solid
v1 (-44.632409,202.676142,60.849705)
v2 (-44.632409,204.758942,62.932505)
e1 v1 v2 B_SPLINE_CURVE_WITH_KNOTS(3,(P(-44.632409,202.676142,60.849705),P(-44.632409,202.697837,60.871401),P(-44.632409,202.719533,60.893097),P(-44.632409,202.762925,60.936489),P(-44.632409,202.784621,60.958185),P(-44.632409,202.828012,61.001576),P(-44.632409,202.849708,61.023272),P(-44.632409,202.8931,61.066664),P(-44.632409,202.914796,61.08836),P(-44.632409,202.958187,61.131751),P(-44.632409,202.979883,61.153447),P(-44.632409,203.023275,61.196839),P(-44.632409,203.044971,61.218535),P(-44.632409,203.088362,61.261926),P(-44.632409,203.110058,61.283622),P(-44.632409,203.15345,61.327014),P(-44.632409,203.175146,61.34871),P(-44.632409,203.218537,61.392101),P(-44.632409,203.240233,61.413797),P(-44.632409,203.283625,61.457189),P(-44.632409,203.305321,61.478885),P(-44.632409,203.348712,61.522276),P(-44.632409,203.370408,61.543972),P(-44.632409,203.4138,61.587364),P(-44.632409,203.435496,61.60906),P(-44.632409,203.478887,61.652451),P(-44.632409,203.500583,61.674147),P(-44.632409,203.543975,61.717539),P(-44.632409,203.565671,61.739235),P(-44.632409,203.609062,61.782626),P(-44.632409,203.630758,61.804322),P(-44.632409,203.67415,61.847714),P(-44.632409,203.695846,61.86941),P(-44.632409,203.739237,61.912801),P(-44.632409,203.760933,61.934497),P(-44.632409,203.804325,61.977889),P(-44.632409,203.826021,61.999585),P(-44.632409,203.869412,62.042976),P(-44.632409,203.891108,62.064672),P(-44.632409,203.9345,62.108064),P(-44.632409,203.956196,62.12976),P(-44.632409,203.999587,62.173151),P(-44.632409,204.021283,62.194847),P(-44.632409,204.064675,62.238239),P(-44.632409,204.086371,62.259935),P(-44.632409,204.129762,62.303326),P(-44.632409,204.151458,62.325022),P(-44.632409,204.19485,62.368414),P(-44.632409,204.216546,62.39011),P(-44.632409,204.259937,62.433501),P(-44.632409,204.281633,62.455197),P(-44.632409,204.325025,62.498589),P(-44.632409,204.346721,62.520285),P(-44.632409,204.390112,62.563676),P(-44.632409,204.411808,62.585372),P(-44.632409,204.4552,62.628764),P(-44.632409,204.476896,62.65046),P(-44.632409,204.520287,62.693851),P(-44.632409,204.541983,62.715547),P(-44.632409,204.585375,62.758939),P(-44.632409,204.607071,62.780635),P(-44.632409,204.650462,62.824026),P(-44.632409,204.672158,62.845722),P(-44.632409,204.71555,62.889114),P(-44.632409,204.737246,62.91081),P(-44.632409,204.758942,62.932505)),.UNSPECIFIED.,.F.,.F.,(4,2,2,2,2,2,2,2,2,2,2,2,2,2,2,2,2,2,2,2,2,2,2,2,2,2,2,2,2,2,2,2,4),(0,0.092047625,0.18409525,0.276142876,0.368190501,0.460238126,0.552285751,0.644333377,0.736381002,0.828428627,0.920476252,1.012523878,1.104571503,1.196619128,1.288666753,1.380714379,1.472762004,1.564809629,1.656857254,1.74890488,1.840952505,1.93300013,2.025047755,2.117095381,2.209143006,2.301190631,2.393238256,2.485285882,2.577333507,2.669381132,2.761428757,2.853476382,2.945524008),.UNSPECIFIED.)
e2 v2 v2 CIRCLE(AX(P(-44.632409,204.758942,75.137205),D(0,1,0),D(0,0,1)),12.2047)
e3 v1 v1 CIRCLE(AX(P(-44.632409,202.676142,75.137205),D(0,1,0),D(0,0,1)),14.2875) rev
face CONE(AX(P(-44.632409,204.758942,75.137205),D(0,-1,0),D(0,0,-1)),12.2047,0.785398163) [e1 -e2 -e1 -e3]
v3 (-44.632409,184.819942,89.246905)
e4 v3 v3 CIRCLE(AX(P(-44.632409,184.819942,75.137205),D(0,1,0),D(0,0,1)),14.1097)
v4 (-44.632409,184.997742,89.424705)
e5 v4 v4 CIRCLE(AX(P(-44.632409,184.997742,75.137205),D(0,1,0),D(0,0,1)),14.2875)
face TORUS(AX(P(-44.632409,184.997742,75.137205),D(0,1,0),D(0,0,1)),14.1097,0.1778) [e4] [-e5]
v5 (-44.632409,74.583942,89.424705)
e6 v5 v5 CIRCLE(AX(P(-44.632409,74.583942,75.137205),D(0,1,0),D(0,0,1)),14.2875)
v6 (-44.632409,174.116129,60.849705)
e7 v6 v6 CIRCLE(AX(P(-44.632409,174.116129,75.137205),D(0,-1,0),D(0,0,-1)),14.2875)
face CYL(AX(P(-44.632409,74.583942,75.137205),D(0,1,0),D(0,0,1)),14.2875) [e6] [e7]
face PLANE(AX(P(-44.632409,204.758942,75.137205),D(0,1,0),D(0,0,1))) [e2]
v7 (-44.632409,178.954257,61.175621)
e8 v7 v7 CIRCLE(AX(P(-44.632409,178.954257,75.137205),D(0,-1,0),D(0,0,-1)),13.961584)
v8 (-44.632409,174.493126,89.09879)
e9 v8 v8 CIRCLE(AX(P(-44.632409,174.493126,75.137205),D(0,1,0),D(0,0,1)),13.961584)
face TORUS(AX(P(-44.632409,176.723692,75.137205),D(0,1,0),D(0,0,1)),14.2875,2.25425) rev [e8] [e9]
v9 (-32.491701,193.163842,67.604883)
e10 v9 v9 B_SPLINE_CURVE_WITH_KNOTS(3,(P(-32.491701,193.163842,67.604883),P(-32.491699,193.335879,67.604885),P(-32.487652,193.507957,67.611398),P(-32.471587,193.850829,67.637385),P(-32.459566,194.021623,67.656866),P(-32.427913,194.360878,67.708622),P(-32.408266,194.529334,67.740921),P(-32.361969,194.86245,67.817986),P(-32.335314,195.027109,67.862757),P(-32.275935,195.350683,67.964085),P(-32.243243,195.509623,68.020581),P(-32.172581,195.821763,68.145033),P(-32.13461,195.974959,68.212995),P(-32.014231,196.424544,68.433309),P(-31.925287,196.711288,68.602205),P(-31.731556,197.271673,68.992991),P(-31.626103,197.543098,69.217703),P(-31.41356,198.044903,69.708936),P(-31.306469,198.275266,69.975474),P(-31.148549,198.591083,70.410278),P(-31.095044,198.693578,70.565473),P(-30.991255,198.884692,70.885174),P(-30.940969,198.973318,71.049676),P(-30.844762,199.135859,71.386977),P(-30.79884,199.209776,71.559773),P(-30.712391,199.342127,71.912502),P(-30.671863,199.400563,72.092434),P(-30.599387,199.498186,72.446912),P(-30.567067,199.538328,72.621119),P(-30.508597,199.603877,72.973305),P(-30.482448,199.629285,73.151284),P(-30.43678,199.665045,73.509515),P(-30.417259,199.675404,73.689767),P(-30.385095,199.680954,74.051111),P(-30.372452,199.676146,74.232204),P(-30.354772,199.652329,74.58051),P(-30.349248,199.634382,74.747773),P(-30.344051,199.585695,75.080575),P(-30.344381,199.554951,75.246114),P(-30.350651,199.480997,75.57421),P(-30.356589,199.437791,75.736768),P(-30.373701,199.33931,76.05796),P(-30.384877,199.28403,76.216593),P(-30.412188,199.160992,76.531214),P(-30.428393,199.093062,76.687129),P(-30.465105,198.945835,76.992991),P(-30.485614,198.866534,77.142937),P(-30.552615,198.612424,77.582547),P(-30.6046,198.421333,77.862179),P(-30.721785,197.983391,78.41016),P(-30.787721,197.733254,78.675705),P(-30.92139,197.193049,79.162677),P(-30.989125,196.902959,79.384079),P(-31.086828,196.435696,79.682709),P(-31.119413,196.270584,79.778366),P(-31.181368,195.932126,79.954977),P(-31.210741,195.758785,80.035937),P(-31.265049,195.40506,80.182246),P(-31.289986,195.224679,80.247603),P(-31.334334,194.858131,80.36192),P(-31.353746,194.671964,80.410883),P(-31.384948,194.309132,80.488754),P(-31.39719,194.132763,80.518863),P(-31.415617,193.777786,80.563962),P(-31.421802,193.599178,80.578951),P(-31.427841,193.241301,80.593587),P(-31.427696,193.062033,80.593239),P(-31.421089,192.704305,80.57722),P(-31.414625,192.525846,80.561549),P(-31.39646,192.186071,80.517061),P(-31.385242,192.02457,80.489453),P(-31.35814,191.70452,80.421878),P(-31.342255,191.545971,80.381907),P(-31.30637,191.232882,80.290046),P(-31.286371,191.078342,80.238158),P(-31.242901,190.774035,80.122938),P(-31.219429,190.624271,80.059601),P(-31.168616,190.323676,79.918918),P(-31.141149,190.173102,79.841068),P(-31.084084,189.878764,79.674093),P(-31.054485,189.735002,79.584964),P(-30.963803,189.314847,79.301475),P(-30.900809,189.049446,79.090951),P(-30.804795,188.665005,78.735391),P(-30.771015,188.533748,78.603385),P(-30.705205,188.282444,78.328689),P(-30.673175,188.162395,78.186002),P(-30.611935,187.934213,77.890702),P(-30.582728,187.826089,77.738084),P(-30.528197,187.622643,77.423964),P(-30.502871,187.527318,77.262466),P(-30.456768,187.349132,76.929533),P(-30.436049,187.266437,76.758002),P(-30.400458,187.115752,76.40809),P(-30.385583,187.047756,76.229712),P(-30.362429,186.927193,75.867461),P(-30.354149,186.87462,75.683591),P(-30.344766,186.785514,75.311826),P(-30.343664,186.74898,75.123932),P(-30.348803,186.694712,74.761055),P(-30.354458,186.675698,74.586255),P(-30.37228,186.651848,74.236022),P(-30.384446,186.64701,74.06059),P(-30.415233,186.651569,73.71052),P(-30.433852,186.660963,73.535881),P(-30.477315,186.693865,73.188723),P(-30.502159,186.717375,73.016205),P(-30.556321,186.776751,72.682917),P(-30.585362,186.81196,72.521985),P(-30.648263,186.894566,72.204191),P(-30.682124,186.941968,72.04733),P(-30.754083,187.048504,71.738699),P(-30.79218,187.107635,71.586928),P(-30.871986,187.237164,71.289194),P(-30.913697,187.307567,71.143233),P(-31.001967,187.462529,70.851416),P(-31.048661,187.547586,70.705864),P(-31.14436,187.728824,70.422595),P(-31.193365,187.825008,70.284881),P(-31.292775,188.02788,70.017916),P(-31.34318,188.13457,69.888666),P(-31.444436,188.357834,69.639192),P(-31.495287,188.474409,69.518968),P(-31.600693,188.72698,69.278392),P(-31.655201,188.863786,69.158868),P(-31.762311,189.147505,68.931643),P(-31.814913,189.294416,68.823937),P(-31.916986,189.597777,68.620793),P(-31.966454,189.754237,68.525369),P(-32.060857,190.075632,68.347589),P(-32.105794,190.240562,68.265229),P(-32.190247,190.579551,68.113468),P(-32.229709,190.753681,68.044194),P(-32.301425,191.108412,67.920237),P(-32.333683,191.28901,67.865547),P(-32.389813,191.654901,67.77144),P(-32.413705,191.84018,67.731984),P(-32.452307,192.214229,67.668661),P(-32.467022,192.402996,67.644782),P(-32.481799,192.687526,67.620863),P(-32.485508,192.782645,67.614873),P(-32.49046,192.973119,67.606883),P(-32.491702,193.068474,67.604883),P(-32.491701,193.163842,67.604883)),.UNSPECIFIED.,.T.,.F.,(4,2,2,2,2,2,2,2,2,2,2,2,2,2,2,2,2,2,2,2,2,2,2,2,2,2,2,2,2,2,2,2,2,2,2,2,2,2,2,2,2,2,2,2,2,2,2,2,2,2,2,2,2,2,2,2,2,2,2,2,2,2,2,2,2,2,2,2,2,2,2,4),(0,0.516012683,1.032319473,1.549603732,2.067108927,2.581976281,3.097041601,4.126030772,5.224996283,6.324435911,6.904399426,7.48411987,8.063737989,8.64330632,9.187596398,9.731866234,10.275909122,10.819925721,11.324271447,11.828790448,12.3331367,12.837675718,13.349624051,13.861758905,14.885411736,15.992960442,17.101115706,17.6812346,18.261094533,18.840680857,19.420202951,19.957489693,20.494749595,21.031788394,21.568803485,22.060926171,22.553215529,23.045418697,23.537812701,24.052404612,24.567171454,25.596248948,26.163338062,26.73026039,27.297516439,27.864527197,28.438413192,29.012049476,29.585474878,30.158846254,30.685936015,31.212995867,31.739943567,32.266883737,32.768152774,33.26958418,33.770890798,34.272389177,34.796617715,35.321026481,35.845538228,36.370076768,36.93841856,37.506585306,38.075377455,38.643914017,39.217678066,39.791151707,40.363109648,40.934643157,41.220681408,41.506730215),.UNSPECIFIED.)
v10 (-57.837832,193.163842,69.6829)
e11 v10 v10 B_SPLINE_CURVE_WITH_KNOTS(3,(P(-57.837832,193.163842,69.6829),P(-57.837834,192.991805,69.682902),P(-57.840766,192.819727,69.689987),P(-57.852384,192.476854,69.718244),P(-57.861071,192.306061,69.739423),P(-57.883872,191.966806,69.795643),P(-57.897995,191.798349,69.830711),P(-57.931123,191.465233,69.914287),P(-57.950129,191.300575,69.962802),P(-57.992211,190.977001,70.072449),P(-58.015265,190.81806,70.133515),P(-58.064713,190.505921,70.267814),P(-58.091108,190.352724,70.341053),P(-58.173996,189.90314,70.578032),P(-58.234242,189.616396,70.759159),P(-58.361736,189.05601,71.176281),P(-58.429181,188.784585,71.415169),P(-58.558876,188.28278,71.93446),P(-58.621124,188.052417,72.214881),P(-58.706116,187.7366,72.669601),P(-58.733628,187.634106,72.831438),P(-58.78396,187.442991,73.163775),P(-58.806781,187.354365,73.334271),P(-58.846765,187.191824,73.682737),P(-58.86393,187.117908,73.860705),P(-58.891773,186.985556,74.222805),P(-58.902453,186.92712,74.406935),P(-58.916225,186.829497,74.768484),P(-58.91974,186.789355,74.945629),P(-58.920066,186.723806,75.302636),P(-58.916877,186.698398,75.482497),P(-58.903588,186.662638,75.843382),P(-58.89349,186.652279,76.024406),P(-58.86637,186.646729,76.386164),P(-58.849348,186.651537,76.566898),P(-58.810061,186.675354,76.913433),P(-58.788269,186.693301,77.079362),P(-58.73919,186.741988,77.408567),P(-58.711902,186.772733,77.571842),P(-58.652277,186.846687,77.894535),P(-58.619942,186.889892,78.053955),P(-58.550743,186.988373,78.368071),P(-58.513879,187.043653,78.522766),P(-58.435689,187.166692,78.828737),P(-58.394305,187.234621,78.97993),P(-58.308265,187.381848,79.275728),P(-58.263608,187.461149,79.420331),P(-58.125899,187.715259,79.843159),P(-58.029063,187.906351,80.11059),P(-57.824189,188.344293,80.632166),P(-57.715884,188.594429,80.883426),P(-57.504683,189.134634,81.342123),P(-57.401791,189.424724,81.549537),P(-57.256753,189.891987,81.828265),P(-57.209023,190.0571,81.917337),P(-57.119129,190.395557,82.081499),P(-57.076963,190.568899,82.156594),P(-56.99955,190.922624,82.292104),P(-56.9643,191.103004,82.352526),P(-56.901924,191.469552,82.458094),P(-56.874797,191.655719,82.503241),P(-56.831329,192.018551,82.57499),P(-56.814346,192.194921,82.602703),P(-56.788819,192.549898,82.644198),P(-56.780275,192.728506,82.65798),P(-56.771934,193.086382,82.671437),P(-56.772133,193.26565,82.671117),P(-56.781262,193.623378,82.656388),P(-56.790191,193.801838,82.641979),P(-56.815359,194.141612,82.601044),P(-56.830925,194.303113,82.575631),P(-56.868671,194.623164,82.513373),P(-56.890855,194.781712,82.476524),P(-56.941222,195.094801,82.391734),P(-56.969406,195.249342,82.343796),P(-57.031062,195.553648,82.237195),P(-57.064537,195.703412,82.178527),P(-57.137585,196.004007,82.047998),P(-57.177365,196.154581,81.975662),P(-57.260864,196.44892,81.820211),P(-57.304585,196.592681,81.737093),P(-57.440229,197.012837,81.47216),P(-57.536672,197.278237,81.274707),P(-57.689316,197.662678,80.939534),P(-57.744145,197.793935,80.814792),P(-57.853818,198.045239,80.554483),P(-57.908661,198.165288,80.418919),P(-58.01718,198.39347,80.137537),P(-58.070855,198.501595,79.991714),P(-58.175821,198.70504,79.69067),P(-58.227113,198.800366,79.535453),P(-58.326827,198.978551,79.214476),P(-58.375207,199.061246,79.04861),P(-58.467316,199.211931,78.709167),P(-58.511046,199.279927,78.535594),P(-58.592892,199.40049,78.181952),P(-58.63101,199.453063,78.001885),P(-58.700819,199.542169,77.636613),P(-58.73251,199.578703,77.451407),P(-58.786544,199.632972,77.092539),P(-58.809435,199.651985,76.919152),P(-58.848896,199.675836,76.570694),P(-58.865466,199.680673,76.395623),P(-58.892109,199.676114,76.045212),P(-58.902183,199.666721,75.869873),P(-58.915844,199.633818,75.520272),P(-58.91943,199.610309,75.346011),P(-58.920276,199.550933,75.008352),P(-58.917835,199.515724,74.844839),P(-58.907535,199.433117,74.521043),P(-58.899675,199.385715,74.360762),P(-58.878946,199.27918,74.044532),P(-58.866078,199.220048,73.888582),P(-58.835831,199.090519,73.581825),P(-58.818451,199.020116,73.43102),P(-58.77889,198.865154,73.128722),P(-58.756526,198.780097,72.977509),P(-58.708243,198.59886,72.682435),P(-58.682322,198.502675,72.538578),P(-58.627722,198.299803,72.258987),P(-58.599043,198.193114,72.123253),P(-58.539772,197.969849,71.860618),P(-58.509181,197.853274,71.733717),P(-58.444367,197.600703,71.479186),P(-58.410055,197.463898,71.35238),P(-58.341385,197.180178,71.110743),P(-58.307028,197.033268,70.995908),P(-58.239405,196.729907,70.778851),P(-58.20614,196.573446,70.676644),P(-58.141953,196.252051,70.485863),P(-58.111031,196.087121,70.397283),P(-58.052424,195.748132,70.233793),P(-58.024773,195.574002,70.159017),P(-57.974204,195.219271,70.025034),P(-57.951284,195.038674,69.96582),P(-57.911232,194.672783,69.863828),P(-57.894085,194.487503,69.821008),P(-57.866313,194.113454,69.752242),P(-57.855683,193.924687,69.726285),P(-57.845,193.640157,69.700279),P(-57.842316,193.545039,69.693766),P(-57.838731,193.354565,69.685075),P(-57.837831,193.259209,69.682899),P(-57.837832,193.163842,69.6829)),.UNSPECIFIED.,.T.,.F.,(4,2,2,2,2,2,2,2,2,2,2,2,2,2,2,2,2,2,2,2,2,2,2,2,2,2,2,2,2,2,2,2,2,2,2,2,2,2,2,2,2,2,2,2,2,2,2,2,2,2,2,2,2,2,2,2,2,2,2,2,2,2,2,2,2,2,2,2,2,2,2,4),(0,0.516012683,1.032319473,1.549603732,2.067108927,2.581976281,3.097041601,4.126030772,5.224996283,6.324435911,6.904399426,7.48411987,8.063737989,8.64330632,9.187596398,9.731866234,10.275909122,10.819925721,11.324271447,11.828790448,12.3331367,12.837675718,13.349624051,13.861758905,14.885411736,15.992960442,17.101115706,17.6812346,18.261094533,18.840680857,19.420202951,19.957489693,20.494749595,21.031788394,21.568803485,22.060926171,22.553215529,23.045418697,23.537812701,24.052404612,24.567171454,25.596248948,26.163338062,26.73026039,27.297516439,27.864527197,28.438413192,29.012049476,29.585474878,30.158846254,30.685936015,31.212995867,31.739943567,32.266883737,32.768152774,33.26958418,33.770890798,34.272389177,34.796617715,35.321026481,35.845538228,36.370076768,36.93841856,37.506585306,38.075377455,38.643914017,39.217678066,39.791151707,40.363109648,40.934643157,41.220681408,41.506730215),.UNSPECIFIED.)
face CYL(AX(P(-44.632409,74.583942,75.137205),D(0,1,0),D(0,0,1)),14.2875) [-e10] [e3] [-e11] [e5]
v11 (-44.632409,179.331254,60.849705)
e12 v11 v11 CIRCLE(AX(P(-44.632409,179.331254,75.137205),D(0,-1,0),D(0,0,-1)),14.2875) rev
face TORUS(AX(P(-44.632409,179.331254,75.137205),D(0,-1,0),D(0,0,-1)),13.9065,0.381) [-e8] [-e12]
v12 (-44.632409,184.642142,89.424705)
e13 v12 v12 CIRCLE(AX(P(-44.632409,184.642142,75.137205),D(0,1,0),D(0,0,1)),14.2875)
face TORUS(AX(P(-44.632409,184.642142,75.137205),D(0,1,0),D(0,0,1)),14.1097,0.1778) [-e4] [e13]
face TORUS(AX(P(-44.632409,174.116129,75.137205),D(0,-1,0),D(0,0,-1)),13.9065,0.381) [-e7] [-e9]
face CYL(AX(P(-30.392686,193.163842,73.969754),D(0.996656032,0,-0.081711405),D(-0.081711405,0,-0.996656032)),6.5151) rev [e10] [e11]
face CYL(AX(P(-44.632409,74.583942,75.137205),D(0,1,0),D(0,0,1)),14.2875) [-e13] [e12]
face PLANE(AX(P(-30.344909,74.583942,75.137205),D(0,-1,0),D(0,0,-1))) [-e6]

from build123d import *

# Parameters (mm, degrees)
M12_CLEARANCE_HOLE1_D     = 13.0302
M12_CLEARANCE_HOLE1_DEPTH = 29.694674762
CHAMFER2_SIZE             = 2.0828
FILLET1_R                 = 0.381


with BuildPart() as part:
    # Sketch1 → Revolve1 (revolve)
    with BuildSketch(Plane(origin=(0, 0, 75.137205399), x_dir=(-1, 0, 0), z_dir=(0, 0, -1)), mode=Mode.PRIVATE) as revolve1_sk:
        with BuildLine():
            Line((30.344908621, 74.583941634), (44.632408621, 74.583941634))
            Line((44.632408621, 74.583941634), (44.632408621, 204.758941634))
            Line((44.632408621, 204.758941634), (30.344908621, 204.758941634))
            Line((30.344908621, 204.758941634), (30.344908621, 184.997741634))
            ThreePointArc((30.344908621, 184.997741634), (30.396985036, 184.872018048), (30.522708621, 184.819941634))
            ThreePointArc((30.522708621, 184.819941634), (30.396985036, 184.767865219), (30.344908621, 184.642141634))
            Line((30.344908621, 184.642141634), (30.344908621, 178.977941634))
            ThreePointArc((30.344908621, 178.977941634), (32.599158621, 176.723691634), (30.344908621, 174.469441634))
            Line((30.344908621, 174.469441634), (30.344908621, 74.583941634))
        make_face()
    revolve(revolve1_sk.sketch.rotate(Axis((-44.632408621, 74.583941634, 75.137205399), (0, 1, 0)), 270), axis=Axis((-44.632408621, 74.583941634, 75.137205399), (0, 1, 0)))

    # M12 Clearance Hole1
    with Locations(Plane(origin=(-30.392685563, 193.163841634, 73.969753695), x_dir=(0.081711405341, 0, 0.996656032058), z_dir=(0.996656032058, 0, -0.081711405341))):
        with Locations((0, 0)):
            Hole(M12_CLEARANCE_HOLE1_D / 2, depth=M12_CLEARANCE_HOLE1_DEPTH)

    # Chamfer2
    chamfer2_edges = [part.edges().sort_by_distance(p)[0] for p in [
        (-44.632408621, 204.758941634, 60.849705399),
    ]]
    chamfer(chamfer2_edges, length=CHAMFER2_SIZE)

    # Fillet1
    fillet1_edges = [part.edges().sort_by_distance(p)[0] for p in [
        (-44.632408621, 174.469441634, 60.849705399),
        (-44.632408621, 178.977941634, 60.849705399),
    ]]
    fillet(fillet1_edges, radius=FILLET1_R)


solid = part.part
